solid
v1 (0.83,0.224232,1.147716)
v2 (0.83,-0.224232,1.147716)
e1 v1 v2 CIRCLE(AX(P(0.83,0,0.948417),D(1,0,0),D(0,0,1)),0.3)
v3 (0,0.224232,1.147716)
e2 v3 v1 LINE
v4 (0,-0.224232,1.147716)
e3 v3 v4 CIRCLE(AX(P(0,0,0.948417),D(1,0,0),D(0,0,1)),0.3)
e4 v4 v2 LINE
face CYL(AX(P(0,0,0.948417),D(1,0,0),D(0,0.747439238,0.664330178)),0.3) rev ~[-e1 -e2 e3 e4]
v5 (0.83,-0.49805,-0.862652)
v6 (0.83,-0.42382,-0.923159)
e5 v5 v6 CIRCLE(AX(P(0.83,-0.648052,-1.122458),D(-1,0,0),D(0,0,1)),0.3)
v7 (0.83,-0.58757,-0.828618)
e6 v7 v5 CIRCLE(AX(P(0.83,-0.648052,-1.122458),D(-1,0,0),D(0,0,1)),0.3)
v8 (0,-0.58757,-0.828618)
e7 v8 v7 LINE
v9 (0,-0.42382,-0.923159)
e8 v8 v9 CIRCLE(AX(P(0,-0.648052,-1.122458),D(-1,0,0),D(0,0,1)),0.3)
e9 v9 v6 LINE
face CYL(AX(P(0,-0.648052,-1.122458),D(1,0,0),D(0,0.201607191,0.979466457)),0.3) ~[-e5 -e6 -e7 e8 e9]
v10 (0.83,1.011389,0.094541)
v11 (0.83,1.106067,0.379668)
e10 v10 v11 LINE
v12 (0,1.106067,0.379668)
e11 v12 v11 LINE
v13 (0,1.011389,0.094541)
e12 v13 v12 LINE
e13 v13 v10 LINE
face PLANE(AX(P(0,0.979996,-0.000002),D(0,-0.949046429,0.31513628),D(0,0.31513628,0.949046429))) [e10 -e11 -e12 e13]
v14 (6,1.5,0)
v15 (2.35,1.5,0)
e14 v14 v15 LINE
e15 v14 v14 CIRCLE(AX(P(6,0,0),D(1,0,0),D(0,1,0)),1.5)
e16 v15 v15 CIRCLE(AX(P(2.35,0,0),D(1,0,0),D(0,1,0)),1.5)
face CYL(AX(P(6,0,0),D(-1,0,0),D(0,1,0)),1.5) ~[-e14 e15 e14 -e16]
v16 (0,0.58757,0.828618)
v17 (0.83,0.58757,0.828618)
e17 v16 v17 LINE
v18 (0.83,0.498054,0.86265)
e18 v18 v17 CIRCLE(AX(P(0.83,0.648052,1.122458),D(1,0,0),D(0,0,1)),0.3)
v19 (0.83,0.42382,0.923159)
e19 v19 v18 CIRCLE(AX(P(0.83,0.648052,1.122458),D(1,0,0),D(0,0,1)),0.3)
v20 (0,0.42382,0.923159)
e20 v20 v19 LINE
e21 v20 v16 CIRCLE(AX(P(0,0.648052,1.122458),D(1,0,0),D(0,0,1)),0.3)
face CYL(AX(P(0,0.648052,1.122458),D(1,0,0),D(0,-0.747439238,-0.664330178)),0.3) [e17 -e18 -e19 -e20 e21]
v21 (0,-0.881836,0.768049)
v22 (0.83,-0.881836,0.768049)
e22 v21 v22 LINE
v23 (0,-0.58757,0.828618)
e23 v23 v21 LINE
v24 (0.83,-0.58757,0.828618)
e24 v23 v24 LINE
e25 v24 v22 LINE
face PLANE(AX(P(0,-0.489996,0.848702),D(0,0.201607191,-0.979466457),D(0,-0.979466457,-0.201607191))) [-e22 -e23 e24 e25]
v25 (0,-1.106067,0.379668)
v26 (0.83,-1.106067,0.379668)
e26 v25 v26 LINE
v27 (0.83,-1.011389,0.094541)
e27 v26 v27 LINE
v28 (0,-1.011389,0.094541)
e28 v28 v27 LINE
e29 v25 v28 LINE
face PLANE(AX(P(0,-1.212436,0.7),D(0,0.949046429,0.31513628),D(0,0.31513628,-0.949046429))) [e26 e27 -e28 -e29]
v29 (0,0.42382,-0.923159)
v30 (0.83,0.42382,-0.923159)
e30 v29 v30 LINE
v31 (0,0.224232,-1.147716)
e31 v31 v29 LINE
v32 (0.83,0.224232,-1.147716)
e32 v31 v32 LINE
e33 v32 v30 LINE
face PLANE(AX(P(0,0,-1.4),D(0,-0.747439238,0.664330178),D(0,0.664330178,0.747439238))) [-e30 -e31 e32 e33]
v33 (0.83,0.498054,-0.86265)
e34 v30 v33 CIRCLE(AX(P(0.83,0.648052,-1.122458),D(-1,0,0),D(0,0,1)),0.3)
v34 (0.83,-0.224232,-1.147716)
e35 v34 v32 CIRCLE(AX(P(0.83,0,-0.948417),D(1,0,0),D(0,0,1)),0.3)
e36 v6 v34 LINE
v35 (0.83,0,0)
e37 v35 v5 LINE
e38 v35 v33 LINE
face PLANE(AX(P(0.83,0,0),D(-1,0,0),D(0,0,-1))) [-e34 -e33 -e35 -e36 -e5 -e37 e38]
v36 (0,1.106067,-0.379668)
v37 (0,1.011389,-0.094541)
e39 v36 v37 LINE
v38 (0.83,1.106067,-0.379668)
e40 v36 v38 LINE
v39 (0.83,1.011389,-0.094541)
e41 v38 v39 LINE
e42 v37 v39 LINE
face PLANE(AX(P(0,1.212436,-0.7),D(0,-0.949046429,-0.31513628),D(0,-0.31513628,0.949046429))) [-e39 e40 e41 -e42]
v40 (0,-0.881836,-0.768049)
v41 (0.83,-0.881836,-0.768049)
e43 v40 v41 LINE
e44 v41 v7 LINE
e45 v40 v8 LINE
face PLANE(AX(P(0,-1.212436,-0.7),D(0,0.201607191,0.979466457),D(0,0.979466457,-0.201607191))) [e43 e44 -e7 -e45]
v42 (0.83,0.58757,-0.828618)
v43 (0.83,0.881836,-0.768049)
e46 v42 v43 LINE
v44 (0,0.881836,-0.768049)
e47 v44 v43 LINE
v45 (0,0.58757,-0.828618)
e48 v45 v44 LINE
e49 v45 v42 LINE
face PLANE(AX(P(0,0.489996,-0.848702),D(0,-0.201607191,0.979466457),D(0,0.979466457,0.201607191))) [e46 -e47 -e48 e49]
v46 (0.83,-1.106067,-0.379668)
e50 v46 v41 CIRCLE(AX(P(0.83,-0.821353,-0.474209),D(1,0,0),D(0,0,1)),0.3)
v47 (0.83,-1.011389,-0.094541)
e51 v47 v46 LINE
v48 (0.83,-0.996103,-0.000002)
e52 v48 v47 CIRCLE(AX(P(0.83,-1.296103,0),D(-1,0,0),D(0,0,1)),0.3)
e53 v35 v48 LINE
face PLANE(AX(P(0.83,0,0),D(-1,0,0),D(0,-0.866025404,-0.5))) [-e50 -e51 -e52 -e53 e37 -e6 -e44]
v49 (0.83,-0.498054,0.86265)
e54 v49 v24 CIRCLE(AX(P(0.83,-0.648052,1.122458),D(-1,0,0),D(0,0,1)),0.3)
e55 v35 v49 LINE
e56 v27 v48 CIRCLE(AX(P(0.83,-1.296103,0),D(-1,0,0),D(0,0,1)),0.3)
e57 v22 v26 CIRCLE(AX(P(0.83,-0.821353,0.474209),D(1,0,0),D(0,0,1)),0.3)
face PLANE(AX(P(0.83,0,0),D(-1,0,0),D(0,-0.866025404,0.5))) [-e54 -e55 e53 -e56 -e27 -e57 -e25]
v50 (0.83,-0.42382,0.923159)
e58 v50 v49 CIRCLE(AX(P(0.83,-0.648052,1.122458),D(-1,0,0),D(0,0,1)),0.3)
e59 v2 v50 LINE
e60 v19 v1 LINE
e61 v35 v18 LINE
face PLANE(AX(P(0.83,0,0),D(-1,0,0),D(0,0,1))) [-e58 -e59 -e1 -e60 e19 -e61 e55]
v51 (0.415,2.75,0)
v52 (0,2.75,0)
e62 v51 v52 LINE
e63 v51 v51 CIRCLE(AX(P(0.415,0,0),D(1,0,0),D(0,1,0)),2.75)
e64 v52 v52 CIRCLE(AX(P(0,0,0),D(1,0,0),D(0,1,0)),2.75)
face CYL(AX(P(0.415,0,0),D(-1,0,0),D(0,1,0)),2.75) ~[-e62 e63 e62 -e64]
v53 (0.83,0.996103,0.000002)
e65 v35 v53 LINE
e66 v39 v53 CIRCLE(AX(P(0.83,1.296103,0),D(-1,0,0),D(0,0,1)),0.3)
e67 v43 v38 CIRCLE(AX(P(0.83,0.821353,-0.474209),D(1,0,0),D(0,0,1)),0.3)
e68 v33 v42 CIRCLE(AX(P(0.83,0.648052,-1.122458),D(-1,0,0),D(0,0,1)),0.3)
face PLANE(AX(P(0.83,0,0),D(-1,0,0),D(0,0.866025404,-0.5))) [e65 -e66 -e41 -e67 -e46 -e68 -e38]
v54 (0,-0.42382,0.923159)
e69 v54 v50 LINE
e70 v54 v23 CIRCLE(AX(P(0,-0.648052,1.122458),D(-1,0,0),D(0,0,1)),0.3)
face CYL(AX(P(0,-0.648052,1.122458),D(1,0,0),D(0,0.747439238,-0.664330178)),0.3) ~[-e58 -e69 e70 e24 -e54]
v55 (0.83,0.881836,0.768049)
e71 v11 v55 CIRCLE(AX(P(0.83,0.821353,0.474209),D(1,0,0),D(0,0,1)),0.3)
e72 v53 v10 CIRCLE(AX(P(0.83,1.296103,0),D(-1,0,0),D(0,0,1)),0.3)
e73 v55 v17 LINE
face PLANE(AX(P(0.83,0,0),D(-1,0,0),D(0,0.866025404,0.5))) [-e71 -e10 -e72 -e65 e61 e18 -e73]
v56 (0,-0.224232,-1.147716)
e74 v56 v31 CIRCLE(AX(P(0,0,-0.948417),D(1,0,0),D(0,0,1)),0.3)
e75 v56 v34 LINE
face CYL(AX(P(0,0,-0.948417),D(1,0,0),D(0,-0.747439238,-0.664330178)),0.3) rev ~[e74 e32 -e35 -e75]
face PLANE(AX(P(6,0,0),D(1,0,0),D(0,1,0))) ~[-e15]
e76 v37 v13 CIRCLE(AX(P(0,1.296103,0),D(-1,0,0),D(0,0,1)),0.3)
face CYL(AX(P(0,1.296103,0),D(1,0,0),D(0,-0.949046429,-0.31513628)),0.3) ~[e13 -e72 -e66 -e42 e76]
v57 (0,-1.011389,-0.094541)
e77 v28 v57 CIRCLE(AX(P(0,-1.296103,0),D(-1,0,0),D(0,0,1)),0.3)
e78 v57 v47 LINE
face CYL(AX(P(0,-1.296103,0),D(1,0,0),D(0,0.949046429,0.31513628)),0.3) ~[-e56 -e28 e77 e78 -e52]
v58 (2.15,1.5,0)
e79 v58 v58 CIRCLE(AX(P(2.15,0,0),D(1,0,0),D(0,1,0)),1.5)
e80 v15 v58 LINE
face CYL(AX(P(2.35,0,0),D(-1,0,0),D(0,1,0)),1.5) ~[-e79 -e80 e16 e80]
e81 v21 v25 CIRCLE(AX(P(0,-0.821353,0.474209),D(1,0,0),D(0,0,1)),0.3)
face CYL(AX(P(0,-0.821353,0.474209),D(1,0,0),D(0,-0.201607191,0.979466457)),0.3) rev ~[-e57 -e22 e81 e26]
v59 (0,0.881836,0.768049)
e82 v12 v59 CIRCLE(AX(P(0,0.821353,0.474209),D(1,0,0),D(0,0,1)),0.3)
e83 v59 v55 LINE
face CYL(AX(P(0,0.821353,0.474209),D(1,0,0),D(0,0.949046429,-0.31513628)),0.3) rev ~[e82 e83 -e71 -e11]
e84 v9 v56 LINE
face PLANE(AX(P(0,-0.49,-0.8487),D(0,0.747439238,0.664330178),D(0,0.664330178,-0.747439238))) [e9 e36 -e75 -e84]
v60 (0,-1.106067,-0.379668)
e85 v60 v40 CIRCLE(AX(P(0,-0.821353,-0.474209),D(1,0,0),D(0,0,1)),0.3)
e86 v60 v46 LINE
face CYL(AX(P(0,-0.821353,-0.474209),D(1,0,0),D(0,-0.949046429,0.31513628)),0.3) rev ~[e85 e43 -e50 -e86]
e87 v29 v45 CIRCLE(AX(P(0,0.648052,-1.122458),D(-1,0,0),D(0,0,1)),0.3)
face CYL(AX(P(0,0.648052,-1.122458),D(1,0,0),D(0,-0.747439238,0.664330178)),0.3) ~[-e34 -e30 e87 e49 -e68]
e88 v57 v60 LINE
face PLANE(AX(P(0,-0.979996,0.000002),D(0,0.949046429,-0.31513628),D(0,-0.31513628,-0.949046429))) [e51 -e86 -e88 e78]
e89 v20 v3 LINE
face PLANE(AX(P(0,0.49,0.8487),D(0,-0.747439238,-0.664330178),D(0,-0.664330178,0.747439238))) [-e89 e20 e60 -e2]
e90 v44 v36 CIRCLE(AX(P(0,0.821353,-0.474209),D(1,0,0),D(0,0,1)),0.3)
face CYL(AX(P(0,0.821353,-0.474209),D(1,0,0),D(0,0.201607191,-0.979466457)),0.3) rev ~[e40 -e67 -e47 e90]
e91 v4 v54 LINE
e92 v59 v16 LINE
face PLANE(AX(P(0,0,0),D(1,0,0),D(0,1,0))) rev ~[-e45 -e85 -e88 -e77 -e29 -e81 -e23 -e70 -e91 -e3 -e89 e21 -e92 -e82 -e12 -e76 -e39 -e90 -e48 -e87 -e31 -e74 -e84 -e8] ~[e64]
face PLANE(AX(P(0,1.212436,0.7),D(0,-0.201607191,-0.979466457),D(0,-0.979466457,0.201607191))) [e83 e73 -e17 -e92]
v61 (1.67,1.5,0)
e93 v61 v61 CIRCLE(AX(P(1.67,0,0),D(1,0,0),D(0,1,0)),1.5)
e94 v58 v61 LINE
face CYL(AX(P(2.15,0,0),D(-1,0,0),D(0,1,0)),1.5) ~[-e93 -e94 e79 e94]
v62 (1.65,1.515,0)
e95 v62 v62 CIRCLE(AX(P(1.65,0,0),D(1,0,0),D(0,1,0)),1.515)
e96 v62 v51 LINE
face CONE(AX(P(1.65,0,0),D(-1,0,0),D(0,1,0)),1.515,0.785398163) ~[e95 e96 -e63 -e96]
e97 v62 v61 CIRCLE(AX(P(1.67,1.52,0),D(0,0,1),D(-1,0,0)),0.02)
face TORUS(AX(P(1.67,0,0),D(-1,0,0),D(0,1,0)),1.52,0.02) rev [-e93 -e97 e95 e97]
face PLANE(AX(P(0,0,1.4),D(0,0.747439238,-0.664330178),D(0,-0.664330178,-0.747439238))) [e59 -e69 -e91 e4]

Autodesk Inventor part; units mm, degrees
ref_plane "YZ Plane" through (0, 0, 0) normal (1, 0, 0) x (0, 1, 0)
ref_plane "XZ Plane" through (0, 0, 0) normal (0, 1, 0) x (-1, 0, 0)
ref_plane "XY Plane" through (0, 0, 0) normal (0, 0, 1) x (1, 0, 0)
sketch "Sketch1" plane through (0, 0, 0) normal (0, 0, 1) x (1, 0, 0)
  line L0 (0, 0) -> (6, 0)
  line L1 (6, 0) -> (6, 1.5)
  line L2 (6, 1.5) -> (2.35, 1.5)
  line L3 (2.35, 1.5) -> (2.15, 1.5)
  line L4 (2.15, 1.5) -> (1.67, 1.5)
  line L5 (1.65, 1.515) -> (1.65, 1.515)
  line L6 (1.65, 1.515) -> (0.415, 2.75)
  line L7 (0.415, 2.75) -> (0, 2.75)
  line L8 (0, 2.75) -> (0, 0)
  line L9 (1.65, 1.515) -> (1.65, 1.52)
  arc A0 (1.65, 1.52) -> (1.67, 1.5) centre (1.67, 1.52) ccw
  dimension "d17" = 6
  dimension "d18" = 0.415
  dimension "d19" = 1.65
  dimension "d20" = 0
  dimension "d21" = 5.5
  dimension "d22" = 3
  dimension "d23" = 3
  dimension "d25" = 45
  dimension "d26" = 0.2
  dimension "d28" = 0.02
  dimension "d29" = 3.65
  dimension "d30" = 0.02
  dimension "d52" = 0.7
revolve "Revolution1" add sketch "Sketch1" angle 360 about axis through (0, 0, 0) along (1, 0, 0)
thread "Thread1" size "M3x0.5" class "6g" standard "ISO Metric profile" length 3.65
sketch "Sketch2" plane through (0, 0, 0) normal (-1, 0, 0) x (0, 0, 1)
  circle A0 centre (0, 0) radius 1.4 construction
  circle A1 centre (0, 0) radius 0.98 construction
  line L0 (0, 0) -> (0.8487, 0.49)
  line L1 (0, 0) -> (0.98, 0) construction
  line L2 (0, 0) -> (0.8487, -0.49)
  line L3 (0, 0) -> (0.98, 0) construction
  line L4 (0.8487, 0.49) -> (1.4, 0)
  line L5 (1.4, 0) -> (0.8487, -0.49)
  dimension "d34" = 2.8
  dimension "d35" = 1.96
  dimension "d39" = 30
  dimension "d40" = 330
extrude "Extrusion1" cut sketch "Sketch2" against normal blind 0.83
pattern_circular "Circular Pattern1" count 6 over 360 about axis through (-10, 0, 0) along (1, 0, 0) of "Extrusion1"
fillet "Fillet1" radius 0.3 12 edges at (0.415, 0.49, 0.8487) (0.415, 0, 1.4) (0.415, -0.49, 0.8487) (0.415, -0.98, 0) (0.415, -1.2124, 0.7) (0.415, -1.2124, -0.7) (0.415, -0.49, -0.8487) (0.415, 0, -1.4) (0.415, 0.49, -0.8487) (0.415, 1.2124, -0.7) (0.415, 0.98, 0) (0.415, 1.2124, 0.7)
equation "\"d17\" = l_"
equation "\"d18\" = 0.5 * t"
equation "\"d19\" = k"
equation "\"d21\" = dk"
equation "\"d22\" = d"
equation "\"d23\" = ds_"
equation "\"d25\" = 0.5 * headAngle"
equation "\"d26\" = x"
equation "\"d28\" = r"
equation "\"d29\" = b"
equation "\"d32\" = b"
equation "\"d34\" = A_"
equation "\"d35\" = 0.7 * A_"
equation "\"d43\" = t"
equation "\"d48\" = v"
equation "\"A_\" = 2.8"
equation "\"t\" = 0.83"
equation "\"v\" = 0.1 * d"
equation "\"dk\" = 5.5"
equation "\"k\" = 1.65"
equation "\"l_\" = 6"
equation "\"shldr\" = 0"
equation "\"d\" = 3"
equation "\"p\" = 0.8"
equation "\"x\" = 0.2"
equation "\"ds_\" = 3"
equation "\"headAngle\" = 90deg"
equation "\"c_\" = 0.35 * v"
equation "\"r\" = 0.02"
equation "\"b\" = 3.65"
properties part number "Hexalobular socket countersunk flat head screw ISO 14581 - M3x6-4.8" material "Steel"
